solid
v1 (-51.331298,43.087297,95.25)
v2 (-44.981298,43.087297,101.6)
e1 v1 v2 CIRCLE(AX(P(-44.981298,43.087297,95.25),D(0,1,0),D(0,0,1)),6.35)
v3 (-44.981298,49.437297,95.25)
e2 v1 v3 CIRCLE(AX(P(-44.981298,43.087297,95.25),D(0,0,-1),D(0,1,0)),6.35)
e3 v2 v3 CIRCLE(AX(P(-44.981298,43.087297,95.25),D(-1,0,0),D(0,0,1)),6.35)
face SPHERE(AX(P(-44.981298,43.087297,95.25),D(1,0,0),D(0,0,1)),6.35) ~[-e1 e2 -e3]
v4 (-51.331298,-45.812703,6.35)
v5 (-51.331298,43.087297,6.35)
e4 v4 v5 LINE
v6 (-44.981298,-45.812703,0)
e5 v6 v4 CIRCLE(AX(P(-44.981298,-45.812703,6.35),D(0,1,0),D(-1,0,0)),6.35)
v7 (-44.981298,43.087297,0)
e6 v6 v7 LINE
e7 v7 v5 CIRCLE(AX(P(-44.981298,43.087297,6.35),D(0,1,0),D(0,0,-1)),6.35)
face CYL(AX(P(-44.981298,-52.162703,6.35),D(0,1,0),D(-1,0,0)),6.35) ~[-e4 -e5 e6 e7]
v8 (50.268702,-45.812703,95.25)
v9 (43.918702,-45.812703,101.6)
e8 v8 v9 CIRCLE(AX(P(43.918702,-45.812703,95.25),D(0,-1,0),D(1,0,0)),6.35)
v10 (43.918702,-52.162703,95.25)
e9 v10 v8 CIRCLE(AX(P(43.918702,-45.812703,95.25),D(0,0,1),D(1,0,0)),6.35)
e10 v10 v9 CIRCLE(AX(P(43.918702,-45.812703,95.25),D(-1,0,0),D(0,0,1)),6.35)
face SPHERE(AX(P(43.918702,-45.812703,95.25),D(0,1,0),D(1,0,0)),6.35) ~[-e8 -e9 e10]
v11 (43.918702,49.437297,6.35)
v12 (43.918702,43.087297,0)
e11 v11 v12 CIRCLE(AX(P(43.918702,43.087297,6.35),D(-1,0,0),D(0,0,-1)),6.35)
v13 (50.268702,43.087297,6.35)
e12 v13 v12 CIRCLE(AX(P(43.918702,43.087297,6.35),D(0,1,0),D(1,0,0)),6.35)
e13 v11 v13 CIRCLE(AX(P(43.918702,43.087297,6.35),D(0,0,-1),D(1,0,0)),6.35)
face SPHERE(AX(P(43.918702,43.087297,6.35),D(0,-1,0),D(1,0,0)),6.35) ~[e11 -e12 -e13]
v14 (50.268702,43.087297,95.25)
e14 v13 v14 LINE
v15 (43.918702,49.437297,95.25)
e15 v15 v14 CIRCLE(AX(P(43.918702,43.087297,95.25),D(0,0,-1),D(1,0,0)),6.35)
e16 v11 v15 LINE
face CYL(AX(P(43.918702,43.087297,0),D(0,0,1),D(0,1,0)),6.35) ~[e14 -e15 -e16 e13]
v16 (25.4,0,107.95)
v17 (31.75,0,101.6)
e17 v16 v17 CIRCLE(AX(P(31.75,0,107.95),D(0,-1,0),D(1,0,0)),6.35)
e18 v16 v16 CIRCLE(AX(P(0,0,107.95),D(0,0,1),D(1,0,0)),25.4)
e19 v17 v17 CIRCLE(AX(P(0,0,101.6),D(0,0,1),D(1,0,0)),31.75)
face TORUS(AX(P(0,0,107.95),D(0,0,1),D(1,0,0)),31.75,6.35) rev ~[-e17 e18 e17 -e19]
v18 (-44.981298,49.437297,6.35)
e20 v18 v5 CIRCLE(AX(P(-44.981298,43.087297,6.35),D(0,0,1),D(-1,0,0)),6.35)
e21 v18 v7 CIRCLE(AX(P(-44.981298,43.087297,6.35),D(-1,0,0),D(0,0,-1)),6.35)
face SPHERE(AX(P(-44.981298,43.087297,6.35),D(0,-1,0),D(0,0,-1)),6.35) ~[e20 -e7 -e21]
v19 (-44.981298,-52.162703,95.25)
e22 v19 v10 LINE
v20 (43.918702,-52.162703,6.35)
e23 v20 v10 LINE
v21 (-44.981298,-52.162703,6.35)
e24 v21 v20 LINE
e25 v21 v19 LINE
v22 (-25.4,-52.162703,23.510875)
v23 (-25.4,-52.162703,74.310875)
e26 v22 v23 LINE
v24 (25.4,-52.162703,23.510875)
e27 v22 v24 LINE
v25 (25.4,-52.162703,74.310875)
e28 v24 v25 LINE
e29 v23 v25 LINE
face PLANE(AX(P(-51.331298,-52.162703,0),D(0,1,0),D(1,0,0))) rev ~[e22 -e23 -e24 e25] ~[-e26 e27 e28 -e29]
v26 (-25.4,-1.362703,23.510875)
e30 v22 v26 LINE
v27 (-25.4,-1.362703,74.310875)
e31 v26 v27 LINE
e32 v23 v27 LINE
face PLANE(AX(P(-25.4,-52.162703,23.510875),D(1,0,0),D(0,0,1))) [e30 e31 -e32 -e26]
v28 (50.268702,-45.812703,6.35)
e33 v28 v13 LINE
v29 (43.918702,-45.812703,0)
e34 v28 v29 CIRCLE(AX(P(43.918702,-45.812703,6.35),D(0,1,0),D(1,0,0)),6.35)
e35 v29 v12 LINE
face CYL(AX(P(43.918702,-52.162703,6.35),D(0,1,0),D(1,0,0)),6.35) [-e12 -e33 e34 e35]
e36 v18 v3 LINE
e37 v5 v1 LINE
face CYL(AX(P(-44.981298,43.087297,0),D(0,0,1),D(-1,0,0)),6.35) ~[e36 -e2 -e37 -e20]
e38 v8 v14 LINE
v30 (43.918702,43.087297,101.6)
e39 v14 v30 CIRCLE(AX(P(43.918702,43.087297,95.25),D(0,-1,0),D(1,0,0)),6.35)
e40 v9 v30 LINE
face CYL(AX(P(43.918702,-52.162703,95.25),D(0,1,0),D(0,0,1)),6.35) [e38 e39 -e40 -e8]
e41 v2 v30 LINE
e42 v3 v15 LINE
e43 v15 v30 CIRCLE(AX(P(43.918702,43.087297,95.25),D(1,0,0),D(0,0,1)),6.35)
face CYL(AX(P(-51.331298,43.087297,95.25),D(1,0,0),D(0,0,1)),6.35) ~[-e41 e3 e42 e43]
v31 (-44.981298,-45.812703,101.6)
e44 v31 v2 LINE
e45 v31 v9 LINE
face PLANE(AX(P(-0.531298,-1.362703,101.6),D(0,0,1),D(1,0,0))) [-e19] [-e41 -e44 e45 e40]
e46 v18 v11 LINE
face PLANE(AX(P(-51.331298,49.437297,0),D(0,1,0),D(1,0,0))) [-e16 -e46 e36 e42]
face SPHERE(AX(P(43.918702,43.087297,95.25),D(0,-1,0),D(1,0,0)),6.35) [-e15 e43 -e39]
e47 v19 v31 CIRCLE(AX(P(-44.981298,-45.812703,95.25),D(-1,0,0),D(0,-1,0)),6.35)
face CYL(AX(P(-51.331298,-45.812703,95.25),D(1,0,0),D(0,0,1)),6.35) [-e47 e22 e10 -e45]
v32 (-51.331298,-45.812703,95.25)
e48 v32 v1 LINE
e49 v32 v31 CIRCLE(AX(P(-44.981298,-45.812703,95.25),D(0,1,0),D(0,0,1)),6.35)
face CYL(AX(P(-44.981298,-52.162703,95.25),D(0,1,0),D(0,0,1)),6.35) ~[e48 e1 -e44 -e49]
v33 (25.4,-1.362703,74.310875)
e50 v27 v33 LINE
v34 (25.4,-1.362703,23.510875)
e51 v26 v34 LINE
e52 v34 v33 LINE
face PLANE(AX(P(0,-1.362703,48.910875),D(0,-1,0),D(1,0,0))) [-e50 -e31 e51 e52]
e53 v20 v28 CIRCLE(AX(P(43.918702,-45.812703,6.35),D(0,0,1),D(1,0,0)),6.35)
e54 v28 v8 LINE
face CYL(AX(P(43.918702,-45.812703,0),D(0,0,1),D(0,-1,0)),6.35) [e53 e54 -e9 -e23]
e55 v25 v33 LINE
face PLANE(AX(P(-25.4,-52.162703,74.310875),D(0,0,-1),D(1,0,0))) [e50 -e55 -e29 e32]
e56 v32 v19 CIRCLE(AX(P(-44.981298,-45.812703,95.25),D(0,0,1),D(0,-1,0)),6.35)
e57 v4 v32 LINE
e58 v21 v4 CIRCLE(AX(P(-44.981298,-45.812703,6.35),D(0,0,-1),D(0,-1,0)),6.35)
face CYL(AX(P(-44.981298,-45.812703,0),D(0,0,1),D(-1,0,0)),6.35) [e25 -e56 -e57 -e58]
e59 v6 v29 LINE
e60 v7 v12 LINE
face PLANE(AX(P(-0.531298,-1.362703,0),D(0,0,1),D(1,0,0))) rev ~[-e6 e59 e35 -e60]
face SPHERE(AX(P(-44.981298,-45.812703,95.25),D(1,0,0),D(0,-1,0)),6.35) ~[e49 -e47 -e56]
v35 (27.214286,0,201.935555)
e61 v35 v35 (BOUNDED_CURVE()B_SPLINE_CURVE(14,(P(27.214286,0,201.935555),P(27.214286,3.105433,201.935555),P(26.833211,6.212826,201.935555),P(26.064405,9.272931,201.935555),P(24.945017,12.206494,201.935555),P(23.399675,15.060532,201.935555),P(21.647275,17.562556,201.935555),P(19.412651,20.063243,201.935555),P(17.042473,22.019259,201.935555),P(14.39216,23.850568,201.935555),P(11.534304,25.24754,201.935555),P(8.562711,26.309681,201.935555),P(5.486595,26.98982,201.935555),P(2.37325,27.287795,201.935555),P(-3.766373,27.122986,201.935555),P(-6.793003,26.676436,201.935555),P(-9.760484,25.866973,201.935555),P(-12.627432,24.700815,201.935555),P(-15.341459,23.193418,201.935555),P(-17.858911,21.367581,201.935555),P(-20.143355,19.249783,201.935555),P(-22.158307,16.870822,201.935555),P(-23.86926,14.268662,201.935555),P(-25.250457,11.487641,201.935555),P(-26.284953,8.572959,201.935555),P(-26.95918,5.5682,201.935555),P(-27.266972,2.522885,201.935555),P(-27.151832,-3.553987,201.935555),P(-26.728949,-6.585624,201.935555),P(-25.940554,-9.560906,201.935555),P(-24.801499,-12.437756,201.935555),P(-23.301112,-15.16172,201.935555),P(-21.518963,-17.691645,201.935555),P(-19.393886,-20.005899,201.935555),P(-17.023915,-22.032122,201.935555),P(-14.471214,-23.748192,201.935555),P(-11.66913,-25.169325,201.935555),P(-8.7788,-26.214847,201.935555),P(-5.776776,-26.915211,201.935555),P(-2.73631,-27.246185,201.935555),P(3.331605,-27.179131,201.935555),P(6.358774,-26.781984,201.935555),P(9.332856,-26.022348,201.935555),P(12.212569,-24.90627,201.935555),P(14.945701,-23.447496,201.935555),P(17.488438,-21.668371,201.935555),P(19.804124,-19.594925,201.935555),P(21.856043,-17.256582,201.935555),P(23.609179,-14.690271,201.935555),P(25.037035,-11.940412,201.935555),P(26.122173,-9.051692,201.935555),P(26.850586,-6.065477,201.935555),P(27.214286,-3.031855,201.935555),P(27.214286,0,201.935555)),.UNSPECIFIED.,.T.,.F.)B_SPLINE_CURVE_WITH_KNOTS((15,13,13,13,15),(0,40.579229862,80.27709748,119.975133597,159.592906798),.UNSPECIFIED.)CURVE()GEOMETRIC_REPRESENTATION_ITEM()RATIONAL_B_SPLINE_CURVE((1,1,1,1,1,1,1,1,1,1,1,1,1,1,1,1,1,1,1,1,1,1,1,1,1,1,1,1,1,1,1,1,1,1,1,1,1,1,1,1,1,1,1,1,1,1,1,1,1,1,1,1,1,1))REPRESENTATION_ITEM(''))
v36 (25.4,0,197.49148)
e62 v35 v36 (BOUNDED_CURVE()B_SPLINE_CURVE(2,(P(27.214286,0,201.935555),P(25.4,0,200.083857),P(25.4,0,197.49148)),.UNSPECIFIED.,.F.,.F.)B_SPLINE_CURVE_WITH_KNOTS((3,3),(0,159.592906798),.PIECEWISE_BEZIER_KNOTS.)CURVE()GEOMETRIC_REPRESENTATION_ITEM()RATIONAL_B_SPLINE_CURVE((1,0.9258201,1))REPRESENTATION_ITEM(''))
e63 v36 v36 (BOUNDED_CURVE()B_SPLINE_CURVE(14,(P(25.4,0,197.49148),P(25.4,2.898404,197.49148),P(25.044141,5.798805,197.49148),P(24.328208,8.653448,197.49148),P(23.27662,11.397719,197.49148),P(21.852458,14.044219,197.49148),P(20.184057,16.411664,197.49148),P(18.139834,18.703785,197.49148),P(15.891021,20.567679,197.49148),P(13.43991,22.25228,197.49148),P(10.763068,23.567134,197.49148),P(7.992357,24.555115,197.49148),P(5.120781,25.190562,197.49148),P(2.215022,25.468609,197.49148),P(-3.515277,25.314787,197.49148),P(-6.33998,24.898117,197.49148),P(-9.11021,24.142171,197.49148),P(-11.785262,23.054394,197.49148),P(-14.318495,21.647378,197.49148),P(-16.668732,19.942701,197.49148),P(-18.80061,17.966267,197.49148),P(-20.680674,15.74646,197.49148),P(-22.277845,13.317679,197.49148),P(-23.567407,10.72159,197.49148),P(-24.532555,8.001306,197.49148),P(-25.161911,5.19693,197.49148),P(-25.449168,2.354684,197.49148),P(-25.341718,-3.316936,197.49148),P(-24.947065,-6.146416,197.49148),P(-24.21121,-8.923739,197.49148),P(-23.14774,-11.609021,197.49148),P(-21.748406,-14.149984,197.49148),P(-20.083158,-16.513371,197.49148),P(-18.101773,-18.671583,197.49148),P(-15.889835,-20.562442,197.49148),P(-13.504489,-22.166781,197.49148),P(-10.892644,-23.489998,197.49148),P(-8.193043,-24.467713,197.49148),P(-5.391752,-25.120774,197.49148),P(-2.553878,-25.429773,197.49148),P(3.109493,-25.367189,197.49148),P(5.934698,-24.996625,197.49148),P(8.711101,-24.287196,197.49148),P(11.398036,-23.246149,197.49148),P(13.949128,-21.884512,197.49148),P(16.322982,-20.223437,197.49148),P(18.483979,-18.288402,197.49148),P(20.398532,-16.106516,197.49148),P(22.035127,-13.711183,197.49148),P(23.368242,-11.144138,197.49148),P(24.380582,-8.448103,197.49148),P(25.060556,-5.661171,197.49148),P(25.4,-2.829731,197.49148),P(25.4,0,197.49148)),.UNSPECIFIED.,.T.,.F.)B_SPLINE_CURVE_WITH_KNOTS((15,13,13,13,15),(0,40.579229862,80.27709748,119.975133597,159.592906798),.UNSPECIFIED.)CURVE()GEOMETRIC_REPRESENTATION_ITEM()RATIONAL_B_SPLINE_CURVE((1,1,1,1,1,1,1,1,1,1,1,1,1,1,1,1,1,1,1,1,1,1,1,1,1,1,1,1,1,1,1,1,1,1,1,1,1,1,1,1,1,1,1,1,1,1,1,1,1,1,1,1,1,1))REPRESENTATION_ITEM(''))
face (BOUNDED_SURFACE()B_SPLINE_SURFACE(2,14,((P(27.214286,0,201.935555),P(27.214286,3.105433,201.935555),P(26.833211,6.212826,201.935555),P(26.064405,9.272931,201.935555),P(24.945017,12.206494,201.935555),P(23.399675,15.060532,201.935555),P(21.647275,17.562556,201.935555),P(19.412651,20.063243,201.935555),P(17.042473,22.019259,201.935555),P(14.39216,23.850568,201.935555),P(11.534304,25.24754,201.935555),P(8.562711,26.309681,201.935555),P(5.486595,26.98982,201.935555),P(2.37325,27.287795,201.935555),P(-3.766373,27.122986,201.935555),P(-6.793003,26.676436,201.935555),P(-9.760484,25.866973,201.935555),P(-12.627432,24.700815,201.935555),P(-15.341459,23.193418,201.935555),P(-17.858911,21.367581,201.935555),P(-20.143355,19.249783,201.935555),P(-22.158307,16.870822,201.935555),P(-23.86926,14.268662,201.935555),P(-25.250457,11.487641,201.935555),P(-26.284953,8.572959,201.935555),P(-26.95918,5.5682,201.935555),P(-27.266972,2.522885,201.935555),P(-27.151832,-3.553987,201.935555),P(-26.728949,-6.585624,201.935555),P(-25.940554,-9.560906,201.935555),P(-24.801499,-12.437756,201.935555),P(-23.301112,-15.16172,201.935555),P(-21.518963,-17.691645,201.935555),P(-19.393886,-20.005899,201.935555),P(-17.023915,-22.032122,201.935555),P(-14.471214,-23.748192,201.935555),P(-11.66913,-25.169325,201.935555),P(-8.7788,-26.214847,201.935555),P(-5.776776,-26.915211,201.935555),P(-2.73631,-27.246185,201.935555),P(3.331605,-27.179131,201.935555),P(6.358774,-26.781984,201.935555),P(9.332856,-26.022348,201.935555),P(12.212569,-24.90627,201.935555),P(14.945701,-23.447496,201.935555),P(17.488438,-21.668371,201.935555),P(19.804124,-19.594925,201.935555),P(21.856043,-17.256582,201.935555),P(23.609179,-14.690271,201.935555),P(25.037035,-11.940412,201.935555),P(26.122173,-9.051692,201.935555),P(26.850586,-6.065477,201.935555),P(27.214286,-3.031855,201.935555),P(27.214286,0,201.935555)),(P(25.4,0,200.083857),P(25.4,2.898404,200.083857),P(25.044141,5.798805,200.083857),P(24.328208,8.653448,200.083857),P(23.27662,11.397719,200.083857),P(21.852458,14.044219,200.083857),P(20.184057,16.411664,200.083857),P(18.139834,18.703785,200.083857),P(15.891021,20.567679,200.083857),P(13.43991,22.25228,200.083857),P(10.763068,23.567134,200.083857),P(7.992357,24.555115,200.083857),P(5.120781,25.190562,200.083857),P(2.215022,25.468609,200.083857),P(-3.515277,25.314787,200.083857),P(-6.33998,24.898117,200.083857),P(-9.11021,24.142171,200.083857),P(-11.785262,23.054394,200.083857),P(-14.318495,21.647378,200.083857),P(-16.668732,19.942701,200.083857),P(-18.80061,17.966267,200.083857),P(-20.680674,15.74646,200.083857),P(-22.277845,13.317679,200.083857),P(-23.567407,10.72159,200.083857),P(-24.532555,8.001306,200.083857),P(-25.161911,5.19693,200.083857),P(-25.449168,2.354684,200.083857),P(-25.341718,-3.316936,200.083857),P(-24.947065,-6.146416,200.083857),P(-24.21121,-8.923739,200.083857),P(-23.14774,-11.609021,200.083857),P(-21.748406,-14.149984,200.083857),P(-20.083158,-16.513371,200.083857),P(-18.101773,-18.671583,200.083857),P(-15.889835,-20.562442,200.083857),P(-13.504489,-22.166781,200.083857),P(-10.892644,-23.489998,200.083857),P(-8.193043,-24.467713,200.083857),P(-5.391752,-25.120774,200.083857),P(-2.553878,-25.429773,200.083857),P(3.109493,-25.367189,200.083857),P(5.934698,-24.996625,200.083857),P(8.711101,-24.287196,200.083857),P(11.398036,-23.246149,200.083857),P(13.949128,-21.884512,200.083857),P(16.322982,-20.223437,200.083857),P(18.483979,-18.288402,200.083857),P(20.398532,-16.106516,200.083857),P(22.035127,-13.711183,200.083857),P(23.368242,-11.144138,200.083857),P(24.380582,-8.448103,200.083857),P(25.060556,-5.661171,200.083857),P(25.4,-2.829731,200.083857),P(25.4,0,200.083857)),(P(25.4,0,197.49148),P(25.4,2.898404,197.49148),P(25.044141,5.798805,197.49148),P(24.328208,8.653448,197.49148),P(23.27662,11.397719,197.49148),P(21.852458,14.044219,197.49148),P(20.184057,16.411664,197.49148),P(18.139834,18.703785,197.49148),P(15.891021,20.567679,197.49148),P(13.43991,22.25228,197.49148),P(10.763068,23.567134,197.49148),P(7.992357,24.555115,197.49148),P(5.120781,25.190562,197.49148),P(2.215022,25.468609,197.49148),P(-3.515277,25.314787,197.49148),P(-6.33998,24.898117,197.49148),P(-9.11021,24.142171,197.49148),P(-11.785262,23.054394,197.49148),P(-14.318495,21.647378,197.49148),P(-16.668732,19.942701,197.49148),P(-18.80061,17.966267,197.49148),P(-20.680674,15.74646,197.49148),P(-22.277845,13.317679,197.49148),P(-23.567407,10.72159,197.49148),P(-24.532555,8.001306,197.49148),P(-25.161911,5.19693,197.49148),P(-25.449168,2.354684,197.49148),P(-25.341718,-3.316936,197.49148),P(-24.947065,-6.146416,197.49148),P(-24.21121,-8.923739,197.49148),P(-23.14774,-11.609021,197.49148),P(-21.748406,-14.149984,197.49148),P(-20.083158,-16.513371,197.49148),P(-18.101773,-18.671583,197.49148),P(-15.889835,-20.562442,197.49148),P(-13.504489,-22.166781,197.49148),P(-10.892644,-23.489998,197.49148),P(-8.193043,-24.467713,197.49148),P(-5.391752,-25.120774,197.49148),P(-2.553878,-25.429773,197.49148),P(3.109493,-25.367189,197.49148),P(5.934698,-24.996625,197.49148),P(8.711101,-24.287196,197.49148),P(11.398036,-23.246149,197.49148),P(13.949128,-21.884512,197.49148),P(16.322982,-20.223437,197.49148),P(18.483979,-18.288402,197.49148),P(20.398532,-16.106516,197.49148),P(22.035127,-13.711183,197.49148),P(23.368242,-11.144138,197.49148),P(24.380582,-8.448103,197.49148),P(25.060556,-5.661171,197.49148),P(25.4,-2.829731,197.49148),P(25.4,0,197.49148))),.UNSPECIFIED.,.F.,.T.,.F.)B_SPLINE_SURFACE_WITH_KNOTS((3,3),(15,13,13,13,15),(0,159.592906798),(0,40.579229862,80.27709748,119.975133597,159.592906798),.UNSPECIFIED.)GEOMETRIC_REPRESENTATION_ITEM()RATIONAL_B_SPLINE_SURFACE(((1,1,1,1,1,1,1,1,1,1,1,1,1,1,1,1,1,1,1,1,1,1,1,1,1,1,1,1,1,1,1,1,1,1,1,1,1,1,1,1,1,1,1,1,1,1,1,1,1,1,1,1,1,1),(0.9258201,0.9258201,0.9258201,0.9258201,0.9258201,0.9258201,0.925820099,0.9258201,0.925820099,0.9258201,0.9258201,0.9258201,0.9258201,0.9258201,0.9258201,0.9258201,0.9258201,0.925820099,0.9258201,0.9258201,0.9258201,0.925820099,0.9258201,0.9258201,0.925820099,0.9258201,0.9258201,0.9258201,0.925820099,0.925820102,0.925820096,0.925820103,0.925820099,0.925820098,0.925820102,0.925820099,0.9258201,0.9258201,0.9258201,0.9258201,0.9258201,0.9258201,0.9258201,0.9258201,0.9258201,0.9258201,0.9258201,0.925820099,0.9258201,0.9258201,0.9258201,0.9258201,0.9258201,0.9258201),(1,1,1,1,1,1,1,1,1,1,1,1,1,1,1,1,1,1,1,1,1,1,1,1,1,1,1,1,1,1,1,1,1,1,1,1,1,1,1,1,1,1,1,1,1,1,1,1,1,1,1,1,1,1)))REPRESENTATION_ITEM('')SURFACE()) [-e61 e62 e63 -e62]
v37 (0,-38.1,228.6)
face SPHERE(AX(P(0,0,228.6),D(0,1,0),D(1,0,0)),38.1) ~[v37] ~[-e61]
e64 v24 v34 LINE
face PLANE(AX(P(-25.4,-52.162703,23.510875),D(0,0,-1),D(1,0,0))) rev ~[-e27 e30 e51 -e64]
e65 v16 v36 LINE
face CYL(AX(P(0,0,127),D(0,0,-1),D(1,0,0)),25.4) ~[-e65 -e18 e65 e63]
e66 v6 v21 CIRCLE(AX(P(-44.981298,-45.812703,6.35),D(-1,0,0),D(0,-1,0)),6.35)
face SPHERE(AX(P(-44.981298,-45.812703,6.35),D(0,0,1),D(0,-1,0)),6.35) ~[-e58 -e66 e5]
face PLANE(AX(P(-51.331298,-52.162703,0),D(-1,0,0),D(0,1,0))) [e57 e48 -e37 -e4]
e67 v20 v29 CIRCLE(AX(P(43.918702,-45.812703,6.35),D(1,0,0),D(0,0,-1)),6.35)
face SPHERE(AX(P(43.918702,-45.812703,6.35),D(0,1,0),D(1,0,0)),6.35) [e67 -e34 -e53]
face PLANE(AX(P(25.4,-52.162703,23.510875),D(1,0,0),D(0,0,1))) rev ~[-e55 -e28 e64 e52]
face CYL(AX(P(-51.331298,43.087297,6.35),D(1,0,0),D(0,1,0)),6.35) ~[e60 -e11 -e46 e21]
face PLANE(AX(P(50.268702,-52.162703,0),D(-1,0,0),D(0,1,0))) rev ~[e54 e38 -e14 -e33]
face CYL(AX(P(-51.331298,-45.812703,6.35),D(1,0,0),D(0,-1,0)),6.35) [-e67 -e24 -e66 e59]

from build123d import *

# Parameters (mm, degrees)
F0_W     = 101.6
F0_H     = 101.6
F1_DEPTH = 101.6
F2_R     = 25.4
F3_DEPTH = 25.4
F4_DEPTH = 101.6
F7_W     = 50.8
F7_H     = 50.8
F8_DEPTH = 50.8
F9_R     = 6.35


with BuildPart() as f1:
    # F0 (on Top) → F1 (new body)
    with BuildSketch(Plane.XY):
        with Locations((-0.531297791, -1.3627031267)):
            Rectangle(F0_W, F0_H)
    extrude(amount=F1_DEPTH)

    # F2 (on face) → F3 (join)
    with BuildSketch(Plane.XY.offset(101.6)):
        Circle(F2_R)
    extrude(amount=F3_DEPTH)

    # F4 (add): a face of the model
    f4_faces = [f1.faces().sort_by_distance(p)[0] for p in [
        (0, 0, 127),
    ]]
    extrude(f4_faces, amount=F4_DEPTH)

    # F5 (on face) → F6 (revolve)
    with BuildSketch(Plane.XY.offset(228.6)):
        with BuildLine():
            Line((0, -25.4), (0, -38.1))
            ThreePointArc((0, -38.1), (38.1, 0), (0, 38.1))
            Line((0, 38.1), (0, 25.4))
            ThreePointArc((0, 25.4), (17.9605122421, 17.9605122421), (25.4, 0))
            ThreePointArc((25.4, 0), (17.9605122421, -17.9605122421), (0, -25.4))
        make_face()
        with BuildLine():
            Line((0, 25.4), (0, -25.4))
            ThreePointArc((0, -25.4), (17.9605122421, -17.9605122421), (25.4, 0))
            ThreePointArc((25.4, 0), (17.9605122421, 17.9605122421), (0, 25.4))
        make_face()
    revolve(axis=Axis((0, 0, 228.6), (0, -1, 0)))

    # F7 (on face) → F8 (cut)
    with BuildSketch(Plane.XZ.offset(52.1627031267)):
        with Locations((0, 48.9108748734)):
            Rectangle(F7_W, F7_H)
    extrude(amount=-F8_DEPTH, mode=Mode.SUBTRACT)

    # F9
    f9_edges = [f1.edges().sort_by_distance(p)[0] for p in [
        (50.268702, -1.362703, 101.6),
        (50.268702, -1.362703, 0),
        (50.268702, -52.162703, 50.8),
        (50.268702, 49.437297, 50.8),
        (-0.531298, -52.162703, 101.6),
        (-51.331298, -52.162703, 50.8),
        (-0.531298, -52.162703, 0),
        (-51.331298, -1.362703, 0),
        (-0.531298, 49.437297, 0),
        (-0.531298, 49.437297, 101.6),
        (-51.331298, -1.362703, 101.6),
        (-51.331298, 49.437297, 50.8),
        (-25.4, 0, 200.201937),
        (-25.4, 0, 101.6),
    ]]
    fillet(f9_edges, radius=F9_R)


solid = f1.part
